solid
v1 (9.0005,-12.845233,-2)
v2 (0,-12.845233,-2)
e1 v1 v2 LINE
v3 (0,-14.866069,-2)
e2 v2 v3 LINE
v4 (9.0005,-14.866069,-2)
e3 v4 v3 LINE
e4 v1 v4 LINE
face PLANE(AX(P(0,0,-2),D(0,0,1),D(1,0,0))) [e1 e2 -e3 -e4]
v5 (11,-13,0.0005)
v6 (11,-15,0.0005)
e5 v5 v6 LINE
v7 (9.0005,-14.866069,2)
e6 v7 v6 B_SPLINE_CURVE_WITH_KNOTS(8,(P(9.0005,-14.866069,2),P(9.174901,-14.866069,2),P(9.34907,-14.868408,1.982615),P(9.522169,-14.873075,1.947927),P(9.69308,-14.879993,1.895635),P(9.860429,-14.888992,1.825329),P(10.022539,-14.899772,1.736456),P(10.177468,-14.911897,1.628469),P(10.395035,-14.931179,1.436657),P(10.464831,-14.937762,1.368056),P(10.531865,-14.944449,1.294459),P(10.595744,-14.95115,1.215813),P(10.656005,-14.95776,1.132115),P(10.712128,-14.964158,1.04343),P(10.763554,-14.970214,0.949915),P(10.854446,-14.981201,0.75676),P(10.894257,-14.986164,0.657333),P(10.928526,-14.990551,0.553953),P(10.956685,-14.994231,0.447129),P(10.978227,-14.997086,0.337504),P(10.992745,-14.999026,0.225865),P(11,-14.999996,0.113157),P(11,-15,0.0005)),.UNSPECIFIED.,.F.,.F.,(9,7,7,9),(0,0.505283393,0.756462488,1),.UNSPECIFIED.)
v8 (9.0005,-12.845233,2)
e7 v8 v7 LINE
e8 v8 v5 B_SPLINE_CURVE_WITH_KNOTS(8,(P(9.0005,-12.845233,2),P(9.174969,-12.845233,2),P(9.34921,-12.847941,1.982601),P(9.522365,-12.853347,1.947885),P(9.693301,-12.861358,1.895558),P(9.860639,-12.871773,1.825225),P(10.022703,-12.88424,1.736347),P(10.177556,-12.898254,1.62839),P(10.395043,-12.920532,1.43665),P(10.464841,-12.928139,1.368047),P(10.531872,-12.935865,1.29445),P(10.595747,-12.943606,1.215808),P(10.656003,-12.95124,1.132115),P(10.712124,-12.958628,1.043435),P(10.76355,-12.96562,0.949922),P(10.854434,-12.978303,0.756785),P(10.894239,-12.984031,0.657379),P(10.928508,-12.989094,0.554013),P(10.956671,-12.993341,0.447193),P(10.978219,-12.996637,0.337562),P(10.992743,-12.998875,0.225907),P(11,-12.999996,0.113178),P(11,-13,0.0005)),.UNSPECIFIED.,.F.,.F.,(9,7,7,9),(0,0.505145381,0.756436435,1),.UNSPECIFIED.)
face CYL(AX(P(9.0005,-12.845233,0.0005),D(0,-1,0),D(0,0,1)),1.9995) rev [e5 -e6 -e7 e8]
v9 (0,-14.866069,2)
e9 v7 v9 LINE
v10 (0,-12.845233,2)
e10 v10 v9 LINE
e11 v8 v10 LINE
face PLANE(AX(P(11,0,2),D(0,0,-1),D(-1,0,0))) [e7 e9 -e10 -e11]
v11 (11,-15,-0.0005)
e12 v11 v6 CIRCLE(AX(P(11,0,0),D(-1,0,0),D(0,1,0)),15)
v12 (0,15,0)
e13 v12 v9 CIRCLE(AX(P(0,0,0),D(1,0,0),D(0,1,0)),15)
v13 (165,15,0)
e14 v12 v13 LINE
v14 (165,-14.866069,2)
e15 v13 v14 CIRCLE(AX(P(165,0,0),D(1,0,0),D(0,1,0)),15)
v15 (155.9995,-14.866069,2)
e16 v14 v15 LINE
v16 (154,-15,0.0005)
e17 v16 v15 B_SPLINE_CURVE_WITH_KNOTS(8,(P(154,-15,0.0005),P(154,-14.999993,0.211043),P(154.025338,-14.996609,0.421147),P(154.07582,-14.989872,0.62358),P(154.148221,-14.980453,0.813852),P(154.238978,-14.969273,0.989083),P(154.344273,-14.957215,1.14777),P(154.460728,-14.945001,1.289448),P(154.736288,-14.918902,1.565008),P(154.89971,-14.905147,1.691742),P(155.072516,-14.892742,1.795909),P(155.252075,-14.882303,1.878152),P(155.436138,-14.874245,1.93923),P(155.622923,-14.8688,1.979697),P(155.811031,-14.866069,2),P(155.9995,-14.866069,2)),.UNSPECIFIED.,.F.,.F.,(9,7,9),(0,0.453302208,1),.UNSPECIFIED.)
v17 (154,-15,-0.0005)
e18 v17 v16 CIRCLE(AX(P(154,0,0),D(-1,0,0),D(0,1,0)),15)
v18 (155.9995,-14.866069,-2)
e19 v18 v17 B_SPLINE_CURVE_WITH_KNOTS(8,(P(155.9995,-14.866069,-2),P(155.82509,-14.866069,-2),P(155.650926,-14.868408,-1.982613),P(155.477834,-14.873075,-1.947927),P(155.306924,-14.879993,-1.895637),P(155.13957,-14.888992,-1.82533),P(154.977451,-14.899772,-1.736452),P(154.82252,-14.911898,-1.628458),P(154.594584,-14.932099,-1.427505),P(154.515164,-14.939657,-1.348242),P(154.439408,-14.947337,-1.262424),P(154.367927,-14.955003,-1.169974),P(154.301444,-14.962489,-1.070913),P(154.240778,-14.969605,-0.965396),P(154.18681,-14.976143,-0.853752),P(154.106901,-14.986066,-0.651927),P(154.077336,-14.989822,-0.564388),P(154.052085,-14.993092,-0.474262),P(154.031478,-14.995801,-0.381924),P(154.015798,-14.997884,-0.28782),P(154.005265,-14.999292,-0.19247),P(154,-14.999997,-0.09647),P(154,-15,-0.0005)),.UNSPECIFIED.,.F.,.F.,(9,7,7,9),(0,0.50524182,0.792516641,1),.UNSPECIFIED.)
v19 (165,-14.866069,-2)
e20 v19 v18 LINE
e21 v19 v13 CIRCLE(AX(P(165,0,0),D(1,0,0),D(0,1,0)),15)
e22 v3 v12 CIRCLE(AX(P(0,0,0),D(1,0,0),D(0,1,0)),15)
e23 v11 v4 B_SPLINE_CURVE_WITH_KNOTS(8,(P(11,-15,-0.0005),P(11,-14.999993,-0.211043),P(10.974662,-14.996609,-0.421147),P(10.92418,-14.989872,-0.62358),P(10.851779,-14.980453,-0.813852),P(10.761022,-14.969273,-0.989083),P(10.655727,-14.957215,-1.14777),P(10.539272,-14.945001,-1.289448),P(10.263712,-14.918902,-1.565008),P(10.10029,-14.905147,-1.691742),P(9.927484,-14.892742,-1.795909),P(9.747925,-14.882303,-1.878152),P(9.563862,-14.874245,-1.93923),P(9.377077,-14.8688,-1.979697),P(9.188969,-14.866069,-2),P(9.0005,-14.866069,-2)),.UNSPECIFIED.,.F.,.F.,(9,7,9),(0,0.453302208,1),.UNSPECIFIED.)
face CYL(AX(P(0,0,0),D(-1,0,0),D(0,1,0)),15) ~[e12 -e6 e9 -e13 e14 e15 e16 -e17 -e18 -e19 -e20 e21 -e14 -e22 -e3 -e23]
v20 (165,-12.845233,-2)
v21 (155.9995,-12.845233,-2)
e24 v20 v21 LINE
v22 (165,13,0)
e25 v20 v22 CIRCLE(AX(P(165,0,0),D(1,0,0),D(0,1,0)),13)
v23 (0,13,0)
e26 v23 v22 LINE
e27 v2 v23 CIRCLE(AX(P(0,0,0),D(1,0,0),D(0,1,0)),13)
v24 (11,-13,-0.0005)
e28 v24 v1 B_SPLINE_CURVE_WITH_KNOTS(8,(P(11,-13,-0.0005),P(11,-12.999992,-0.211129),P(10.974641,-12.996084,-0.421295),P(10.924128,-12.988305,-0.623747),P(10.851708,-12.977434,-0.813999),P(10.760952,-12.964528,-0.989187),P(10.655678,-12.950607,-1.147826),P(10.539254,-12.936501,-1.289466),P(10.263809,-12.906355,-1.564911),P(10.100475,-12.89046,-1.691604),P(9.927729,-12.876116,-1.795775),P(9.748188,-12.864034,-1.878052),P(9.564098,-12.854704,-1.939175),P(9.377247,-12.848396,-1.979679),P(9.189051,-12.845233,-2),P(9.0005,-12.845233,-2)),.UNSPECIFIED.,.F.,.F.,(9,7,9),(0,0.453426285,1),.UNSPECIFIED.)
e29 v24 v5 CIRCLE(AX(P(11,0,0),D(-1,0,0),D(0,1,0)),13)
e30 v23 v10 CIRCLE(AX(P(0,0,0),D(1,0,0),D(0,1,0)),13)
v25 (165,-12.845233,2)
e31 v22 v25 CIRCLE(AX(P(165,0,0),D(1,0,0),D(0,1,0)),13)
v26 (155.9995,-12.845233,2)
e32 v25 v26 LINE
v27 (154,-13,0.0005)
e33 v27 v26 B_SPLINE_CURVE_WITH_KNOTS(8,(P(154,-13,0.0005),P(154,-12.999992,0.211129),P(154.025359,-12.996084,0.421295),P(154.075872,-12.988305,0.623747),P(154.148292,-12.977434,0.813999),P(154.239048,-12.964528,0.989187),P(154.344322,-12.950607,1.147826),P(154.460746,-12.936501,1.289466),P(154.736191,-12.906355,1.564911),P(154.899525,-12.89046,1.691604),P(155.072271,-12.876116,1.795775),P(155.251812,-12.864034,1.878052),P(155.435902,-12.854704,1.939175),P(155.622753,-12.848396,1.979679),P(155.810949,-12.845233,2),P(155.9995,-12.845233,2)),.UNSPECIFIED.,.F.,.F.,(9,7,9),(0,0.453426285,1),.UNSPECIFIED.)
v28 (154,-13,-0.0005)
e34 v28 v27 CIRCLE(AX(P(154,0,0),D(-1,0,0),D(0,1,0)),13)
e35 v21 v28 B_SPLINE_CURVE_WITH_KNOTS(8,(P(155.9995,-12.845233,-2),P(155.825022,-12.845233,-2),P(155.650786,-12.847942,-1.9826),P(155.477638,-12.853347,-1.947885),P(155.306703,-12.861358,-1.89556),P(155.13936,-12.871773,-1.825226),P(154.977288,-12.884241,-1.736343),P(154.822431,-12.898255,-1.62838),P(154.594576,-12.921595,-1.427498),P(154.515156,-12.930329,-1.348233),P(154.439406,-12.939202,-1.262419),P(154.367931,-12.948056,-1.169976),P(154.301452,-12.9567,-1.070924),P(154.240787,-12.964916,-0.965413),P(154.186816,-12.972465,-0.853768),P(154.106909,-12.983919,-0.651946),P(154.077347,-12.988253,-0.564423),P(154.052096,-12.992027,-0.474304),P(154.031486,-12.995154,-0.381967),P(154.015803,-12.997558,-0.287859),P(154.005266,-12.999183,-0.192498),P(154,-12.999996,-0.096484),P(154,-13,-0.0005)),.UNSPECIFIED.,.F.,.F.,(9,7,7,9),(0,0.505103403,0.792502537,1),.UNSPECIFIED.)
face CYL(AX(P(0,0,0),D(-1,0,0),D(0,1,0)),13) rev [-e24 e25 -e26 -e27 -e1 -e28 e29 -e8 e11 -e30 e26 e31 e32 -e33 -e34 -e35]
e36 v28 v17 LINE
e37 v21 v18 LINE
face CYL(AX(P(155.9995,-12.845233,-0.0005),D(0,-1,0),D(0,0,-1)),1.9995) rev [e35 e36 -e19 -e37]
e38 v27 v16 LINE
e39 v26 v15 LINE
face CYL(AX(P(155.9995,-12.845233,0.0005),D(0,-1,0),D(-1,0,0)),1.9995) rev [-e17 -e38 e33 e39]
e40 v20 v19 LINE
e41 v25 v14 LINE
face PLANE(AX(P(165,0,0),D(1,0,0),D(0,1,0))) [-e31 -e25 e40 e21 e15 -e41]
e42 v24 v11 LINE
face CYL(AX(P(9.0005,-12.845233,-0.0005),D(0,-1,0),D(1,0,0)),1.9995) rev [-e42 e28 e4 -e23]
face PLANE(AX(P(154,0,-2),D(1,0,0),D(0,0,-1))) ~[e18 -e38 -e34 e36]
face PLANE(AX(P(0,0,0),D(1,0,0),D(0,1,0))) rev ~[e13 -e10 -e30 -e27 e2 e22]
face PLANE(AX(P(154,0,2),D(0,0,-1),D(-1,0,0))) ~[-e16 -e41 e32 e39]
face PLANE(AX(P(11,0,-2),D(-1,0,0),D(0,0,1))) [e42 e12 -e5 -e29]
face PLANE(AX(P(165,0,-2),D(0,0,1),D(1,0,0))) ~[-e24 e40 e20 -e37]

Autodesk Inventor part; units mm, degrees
ref_plane "YZ Plane" through (0, 0, 0) normal (1, 0, 0) x (0, 1, 0)
sketch "Sketch1" plane through (0, 0, 0) normal (1, 0, 0) x (0, 1, 0)
  circle A0 centre (0, 0) radius 15
  circle A1 centre (0, 0) radius 13
  dimension "d0" = 30
  dimension "d1" = 26
extrude "Extrusion1" add sketch "Sketch1" along normal blind 165
sketch "Sketch2" plane through (0, 0, 0) normal (0, 1, 0) x (-1, 0, 0)
  line L0 (0, 0) -> (-165, 0) construction
  line L1 (-165, 15) -> (-165, -15) construction
  line L2 (-11, 2) -> (0, 2)
  line L3 (0, 2) -> (0, -2)
  line L4 (0, -2) -> (-11, -2)
  line L5 (-11, -2) -> (-11, 2)
  line L6 (-11, 2) -> (0, -2)
  line L7 (0, 2) -> (-11, -2)
  line L8 (0, -15) -> (0, 15) projected
  line L9 (0, 15) -> (0, -15)
  line L10 (0, -15) -> (-165, -15) projected
  point P0 (-5.5, 0)
  dimension "d4" = 4
  dimension "d5" = 11
extrude "Extrusion2" cut sketch "Sketch2" against normal through all
fillet "Fillet1" radius 2 2 edges at (11, -13.8557, 2) (11, -13.8557, -2)
ref_plane "Work Plane1" through (82.5, 0, 0) normal (-1, 0, 0) x (0, 0, 1)
mirror "Mirror1" about plane through (82.5, 0, 0) normal (-1, 0, 0) of "Extrusion2", "Fillet1"
ref_plane "Work Plane2" through (0, -15, 0) normal (0, 1, 0) x (-1, 0, 0)
properties part number "Laser_tube" material "Polycarbonate, Clear"
